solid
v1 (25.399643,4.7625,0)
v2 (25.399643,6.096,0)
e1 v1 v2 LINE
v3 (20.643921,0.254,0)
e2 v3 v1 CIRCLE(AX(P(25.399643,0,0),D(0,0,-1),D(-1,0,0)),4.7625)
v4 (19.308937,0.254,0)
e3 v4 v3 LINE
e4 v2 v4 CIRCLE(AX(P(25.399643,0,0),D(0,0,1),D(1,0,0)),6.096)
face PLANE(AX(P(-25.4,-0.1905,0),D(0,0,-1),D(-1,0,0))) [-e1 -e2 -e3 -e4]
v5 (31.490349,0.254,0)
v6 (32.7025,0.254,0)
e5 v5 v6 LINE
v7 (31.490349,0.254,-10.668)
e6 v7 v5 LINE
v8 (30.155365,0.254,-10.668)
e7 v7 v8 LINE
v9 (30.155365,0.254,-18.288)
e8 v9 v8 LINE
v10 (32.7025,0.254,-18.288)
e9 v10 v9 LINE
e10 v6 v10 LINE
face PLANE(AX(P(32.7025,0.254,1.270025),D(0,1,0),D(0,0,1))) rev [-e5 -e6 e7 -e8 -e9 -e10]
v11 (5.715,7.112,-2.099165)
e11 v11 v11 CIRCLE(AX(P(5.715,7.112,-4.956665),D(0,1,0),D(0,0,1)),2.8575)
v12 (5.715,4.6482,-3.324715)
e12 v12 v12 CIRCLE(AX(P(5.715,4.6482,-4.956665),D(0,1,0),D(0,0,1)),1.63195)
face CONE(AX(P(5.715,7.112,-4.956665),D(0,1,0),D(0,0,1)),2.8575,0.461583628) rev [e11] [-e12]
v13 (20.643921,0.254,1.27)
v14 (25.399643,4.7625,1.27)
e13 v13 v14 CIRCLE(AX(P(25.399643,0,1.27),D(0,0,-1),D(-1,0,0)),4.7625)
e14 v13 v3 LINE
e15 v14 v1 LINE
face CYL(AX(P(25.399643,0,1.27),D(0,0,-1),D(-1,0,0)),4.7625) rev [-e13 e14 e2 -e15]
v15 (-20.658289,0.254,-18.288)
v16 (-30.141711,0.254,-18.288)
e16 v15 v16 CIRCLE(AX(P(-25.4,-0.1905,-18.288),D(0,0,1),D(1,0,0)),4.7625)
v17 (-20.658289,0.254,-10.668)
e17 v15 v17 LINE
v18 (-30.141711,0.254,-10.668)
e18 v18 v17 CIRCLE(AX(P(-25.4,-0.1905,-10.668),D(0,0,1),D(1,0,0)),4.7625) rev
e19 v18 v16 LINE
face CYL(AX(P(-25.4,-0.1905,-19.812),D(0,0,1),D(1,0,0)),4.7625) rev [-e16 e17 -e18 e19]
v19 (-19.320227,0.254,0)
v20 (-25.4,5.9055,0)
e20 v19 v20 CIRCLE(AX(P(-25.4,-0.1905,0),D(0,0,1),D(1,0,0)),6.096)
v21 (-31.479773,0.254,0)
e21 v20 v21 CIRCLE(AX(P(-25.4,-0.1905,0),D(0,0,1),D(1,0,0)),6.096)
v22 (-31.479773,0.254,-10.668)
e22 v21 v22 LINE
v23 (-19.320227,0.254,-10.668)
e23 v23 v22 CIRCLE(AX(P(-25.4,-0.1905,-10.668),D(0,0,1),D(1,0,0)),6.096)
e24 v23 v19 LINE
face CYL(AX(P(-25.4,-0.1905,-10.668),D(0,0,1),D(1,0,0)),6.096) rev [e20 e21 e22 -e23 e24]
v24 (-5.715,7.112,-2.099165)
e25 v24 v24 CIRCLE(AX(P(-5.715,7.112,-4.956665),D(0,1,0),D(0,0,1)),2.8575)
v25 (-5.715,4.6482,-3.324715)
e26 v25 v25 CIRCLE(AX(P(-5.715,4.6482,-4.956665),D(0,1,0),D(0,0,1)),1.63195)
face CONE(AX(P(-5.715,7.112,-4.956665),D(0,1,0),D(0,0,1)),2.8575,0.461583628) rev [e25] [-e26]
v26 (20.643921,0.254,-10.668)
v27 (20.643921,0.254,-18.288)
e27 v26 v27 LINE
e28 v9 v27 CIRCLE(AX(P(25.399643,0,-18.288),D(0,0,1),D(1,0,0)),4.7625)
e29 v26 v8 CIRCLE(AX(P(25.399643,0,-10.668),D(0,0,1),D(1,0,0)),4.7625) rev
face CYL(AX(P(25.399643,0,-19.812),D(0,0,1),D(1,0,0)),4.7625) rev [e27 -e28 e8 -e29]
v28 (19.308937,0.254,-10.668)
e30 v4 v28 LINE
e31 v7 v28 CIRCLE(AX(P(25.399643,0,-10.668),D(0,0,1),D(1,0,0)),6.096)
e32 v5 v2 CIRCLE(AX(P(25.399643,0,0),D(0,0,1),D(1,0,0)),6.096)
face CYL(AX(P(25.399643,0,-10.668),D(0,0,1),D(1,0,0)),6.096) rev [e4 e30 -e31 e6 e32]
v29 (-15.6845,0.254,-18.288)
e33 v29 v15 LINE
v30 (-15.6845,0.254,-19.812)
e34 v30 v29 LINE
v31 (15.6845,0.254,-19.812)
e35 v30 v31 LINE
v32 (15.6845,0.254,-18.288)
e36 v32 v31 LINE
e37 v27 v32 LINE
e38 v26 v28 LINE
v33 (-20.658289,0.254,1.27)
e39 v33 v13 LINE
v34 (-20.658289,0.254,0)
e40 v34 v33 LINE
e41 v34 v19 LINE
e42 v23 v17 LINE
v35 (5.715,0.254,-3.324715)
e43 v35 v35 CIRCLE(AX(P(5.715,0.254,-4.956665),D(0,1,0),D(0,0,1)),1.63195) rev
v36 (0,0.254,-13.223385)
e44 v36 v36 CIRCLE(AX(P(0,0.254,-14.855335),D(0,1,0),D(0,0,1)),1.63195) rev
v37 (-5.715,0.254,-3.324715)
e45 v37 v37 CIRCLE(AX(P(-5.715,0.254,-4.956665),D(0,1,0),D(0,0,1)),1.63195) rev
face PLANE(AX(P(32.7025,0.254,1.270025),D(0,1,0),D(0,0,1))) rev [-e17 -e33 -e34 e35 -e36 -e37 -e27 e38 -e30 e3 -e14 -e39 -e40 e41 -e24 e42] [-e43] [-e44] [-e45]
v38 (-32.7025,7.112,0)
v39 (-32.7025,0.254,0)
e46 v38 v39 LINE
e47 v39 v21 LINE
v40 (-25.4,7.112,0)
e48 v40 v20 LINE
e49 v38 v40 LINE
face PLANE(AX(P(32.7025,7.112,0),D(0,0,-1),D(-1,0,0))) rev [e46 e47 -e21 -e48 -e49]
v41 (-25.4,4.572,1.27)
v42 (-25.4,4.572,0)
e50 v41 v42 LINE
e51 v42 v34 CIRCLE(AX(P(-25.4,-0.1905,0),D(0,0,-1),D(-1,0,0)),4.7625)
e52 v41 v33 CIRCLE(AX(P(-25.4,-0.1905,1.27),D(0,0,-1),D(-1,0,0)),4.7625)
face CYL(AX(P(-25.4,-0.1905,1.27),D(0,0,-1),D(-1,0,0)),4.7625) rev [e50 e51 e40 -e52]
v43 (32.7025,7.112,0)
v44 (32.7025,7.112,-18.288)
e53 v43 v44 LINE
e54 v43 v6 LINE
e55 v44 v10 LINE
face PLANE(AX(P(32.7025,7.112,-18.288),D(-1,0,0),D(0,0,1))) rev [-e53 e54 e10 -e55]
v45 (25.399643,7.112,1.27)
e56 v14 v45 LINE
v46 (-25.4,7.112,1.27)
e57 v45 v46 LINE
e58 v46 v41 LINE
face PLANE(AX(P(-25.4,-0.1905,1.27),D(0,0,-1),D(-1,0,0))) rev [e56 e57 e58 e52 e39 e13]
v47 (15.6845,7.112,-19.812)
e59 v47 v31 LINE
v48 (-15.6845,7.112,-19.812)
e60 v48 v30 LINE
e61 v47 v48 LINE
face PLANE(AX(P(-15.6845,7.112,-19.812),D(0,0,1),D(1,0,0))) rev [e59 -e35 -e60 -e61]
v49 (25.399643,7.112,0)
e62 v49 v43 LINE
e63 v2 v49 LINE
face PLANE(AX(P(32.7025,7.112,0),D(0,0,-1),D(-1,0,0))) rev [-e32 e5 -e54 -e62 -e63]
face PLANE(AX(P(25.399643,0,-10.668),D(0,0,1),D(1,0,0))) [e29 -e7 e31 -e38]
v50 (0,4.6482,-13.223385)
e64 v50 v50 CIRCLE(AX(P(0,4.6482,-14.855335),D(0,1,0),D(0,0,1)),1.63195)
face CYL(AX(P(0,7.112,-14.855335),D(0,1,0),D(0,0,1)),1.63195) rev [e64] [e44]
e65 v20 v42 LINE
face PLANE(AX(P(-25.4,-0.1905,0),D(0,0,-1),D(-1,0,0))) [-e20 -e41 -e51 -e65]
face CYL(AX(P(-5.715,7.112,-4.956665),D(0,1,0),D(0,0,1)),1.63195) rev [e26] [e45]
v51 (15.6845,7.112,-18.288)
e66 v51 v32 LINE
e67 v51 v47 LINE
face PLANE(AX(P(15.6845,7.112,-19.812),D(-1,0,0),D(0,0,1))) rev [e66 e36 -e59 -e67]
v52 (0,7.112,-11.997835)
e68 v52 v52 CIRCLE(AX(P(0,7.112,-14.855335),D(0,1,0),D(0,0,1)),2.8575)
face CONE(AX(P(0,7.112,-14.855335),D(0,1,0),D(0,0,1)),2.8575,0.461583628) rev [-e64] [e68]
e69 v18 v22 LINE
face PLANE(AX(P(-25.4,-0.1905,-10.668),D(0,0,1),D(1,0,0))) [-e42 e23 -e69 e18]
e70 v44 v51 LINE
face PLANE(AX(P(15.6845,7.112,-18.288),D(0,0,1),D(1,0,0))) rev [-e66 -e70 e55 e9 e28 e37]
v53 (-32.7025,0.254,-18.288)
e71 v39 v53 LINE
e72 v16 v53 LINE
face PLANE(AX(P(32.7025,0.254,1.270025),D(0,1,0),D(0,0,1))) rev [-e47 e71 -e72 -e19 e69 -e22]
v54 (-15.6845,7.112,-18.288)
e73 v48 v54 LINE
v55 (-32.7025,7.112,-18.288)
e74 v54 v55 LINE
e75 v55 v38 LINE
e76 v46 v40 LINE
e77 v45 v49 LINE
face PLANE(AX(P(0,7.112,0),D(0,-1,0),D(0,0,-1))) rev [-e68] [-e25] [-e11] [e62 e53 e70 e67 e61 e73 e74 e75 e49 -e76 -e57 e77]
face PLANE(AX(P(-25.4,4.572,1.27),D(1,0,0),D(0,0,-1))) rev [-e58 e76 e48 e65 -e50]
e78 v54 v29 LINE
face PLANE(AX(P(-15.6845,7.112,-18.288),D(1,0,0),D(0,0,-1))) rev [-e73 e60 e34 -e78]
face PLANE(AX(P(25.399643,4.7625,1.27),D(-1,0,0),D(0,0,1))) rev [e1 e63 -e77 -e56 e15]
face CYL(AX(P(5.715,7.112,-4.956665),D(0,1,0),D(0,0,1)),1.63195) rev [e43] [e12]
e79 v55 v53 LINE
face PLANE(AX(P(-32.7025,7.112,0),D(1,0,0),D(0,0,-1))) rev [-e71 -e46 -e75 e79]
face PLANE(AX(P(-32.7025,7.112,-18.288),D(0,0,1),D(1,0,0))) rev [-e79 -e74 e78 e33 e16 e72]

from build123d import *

# Parameters (mm, degrees)
BOSS_EXTRUDE1_DEPTH                               = 7.112
SKETCH2_R                                         = 4.7625
CUT_EXTRUDE1_DEPTH                                = 39.891507997
SKETCH3_R                                         = 6.096
CUT_EXTRUDE2_DEPTH                                = 10.668
CSK_FOR_4_FLAT_HEAD_MACHINE_SCREW_100_D           = 3.2639
CSK_FOR_4_FLAT_HEAD_MACHINE_SCREW_100_CSINK_D     = 5.715
CSK_FOR_4_FLAT_HEAD_MACHINE_SCREW_100_CSINK_ANGLE = 52.893588
BOSS_EXTRUDE2_START                               = 1.27
BOSS_EXTRUDE2_DEPTH                               = 1.27
SKETCH12_W                                        = 65.405
SKETCH12_H                                        = 0.254
CUT_EXTRUDE3_DEPTH                                = 40.553568414


with BuildPart() as part:
    # Sketch1 → Boss-Extrude1 (new body)
    with BuildSketch(Plane(origin=(0, 0, 0), x_dir=(1, 0, 0), z_dir=(0, 1, 0))):
        Polygon((32.7025, 0), (-32.7025, 0), (-32.7025, 18.288), (-15.6845, 18.288), (-15.6845, 19.812), (15.6845, 19.812), (15.6845, 18.288), (32.7025, 18.288), align=None)
    extrude(amount=BOSS_EXTRUDE1_DEPTH)

    # Sketch2 → Cut-Extrude1 (cut, through all)
    with BuildSketch(Plane.XY):
        with Locations((-25.4, -0.1905)):
            Circle(SKETCH2_R)
        with Locations((25.399642811, 0)):
            Circle(SKETCH2_R)
    extrude(amount=-CUT_EXTRUDE1_DEPTH, mode=Mode.SUBTRACT)

    # Sketch3 → Cut-Extrude2 (cut)
    with BuildSketch(Plane.XY):
        with Locations((-25.4, -0.1905)):
            Circle(SKETCH3_R)
        with Locations((25.399642811, 0)):
            Circle(SKETCH3_R)
    extrude(amount=-CUT_EXTRUDE2_DEPTH, mode=Mode.SUBTRACT)

    # CSK for #4 Flat Head Machine Screw (100)1 (through all)
    with Locations(Plane(origin=(0, 7.112, 0), x_dir=(1, 0, 0), z_dir=(0, 1, 0))):
        with Locations((0, 14.855335183), (-5.715, 4.956664817), (5.715, 4.956664817)):
            CounterSinkHole(CSK_FOR_4_FLAT_HEAD_MACHINE_SCREW_100_D / 2, CSK_FOR_4_FLAT_HEAD_MACHINE_SCREW_100_CSINK_D / 2, counter_sink_angle=CSK_FOR_4_FLAT_HEAD_MACHINE_SCREW_100_CSINK_ANGLE)

    # Sketch11 → Boss-Extrude2 (add)
    with BuildSketch(Plane.XY.offset(BOSS_EXTRUDE2_START)):
        with BuildLine():
            Line((-20.641311525, 0), (20.637142811, 0))
            ThreePointArc((20.637142811, 0), (22.032046766, 3.367596045), (25.399642811, 4.7625))
            Line((25.399642811, 4.7625), (25.399642811, 7.112))
            Line((25.399642811, 7.112), (-25.4, 7.112))
            Line((-25.4, 7.112), (-25.4, 4.572))
            ThreePointArc((-25.4, 4.572), (-22.100443212, 3.24378759), (-20.641311525, 0))
        make_face()
    extrude(amount=-BOSS_EXTRUDE2_DEPTH)

    # Sketch12 → Cut-Extrude3 (cut, through all)
    with BuildSketch(Plane(origin=(0, 0, -19.812), x_dir=(-1, 0, 0), z_dir=(0, 0, -1))):
        with Locations((0, 0.127)):
            Rectangle(SKETCH12_W, SKETCH12_H)
    extrude(amount=-CUT_EXTRUDE3_DEPTH, mode=Mode.SUBTRACT)


solid = part.part
